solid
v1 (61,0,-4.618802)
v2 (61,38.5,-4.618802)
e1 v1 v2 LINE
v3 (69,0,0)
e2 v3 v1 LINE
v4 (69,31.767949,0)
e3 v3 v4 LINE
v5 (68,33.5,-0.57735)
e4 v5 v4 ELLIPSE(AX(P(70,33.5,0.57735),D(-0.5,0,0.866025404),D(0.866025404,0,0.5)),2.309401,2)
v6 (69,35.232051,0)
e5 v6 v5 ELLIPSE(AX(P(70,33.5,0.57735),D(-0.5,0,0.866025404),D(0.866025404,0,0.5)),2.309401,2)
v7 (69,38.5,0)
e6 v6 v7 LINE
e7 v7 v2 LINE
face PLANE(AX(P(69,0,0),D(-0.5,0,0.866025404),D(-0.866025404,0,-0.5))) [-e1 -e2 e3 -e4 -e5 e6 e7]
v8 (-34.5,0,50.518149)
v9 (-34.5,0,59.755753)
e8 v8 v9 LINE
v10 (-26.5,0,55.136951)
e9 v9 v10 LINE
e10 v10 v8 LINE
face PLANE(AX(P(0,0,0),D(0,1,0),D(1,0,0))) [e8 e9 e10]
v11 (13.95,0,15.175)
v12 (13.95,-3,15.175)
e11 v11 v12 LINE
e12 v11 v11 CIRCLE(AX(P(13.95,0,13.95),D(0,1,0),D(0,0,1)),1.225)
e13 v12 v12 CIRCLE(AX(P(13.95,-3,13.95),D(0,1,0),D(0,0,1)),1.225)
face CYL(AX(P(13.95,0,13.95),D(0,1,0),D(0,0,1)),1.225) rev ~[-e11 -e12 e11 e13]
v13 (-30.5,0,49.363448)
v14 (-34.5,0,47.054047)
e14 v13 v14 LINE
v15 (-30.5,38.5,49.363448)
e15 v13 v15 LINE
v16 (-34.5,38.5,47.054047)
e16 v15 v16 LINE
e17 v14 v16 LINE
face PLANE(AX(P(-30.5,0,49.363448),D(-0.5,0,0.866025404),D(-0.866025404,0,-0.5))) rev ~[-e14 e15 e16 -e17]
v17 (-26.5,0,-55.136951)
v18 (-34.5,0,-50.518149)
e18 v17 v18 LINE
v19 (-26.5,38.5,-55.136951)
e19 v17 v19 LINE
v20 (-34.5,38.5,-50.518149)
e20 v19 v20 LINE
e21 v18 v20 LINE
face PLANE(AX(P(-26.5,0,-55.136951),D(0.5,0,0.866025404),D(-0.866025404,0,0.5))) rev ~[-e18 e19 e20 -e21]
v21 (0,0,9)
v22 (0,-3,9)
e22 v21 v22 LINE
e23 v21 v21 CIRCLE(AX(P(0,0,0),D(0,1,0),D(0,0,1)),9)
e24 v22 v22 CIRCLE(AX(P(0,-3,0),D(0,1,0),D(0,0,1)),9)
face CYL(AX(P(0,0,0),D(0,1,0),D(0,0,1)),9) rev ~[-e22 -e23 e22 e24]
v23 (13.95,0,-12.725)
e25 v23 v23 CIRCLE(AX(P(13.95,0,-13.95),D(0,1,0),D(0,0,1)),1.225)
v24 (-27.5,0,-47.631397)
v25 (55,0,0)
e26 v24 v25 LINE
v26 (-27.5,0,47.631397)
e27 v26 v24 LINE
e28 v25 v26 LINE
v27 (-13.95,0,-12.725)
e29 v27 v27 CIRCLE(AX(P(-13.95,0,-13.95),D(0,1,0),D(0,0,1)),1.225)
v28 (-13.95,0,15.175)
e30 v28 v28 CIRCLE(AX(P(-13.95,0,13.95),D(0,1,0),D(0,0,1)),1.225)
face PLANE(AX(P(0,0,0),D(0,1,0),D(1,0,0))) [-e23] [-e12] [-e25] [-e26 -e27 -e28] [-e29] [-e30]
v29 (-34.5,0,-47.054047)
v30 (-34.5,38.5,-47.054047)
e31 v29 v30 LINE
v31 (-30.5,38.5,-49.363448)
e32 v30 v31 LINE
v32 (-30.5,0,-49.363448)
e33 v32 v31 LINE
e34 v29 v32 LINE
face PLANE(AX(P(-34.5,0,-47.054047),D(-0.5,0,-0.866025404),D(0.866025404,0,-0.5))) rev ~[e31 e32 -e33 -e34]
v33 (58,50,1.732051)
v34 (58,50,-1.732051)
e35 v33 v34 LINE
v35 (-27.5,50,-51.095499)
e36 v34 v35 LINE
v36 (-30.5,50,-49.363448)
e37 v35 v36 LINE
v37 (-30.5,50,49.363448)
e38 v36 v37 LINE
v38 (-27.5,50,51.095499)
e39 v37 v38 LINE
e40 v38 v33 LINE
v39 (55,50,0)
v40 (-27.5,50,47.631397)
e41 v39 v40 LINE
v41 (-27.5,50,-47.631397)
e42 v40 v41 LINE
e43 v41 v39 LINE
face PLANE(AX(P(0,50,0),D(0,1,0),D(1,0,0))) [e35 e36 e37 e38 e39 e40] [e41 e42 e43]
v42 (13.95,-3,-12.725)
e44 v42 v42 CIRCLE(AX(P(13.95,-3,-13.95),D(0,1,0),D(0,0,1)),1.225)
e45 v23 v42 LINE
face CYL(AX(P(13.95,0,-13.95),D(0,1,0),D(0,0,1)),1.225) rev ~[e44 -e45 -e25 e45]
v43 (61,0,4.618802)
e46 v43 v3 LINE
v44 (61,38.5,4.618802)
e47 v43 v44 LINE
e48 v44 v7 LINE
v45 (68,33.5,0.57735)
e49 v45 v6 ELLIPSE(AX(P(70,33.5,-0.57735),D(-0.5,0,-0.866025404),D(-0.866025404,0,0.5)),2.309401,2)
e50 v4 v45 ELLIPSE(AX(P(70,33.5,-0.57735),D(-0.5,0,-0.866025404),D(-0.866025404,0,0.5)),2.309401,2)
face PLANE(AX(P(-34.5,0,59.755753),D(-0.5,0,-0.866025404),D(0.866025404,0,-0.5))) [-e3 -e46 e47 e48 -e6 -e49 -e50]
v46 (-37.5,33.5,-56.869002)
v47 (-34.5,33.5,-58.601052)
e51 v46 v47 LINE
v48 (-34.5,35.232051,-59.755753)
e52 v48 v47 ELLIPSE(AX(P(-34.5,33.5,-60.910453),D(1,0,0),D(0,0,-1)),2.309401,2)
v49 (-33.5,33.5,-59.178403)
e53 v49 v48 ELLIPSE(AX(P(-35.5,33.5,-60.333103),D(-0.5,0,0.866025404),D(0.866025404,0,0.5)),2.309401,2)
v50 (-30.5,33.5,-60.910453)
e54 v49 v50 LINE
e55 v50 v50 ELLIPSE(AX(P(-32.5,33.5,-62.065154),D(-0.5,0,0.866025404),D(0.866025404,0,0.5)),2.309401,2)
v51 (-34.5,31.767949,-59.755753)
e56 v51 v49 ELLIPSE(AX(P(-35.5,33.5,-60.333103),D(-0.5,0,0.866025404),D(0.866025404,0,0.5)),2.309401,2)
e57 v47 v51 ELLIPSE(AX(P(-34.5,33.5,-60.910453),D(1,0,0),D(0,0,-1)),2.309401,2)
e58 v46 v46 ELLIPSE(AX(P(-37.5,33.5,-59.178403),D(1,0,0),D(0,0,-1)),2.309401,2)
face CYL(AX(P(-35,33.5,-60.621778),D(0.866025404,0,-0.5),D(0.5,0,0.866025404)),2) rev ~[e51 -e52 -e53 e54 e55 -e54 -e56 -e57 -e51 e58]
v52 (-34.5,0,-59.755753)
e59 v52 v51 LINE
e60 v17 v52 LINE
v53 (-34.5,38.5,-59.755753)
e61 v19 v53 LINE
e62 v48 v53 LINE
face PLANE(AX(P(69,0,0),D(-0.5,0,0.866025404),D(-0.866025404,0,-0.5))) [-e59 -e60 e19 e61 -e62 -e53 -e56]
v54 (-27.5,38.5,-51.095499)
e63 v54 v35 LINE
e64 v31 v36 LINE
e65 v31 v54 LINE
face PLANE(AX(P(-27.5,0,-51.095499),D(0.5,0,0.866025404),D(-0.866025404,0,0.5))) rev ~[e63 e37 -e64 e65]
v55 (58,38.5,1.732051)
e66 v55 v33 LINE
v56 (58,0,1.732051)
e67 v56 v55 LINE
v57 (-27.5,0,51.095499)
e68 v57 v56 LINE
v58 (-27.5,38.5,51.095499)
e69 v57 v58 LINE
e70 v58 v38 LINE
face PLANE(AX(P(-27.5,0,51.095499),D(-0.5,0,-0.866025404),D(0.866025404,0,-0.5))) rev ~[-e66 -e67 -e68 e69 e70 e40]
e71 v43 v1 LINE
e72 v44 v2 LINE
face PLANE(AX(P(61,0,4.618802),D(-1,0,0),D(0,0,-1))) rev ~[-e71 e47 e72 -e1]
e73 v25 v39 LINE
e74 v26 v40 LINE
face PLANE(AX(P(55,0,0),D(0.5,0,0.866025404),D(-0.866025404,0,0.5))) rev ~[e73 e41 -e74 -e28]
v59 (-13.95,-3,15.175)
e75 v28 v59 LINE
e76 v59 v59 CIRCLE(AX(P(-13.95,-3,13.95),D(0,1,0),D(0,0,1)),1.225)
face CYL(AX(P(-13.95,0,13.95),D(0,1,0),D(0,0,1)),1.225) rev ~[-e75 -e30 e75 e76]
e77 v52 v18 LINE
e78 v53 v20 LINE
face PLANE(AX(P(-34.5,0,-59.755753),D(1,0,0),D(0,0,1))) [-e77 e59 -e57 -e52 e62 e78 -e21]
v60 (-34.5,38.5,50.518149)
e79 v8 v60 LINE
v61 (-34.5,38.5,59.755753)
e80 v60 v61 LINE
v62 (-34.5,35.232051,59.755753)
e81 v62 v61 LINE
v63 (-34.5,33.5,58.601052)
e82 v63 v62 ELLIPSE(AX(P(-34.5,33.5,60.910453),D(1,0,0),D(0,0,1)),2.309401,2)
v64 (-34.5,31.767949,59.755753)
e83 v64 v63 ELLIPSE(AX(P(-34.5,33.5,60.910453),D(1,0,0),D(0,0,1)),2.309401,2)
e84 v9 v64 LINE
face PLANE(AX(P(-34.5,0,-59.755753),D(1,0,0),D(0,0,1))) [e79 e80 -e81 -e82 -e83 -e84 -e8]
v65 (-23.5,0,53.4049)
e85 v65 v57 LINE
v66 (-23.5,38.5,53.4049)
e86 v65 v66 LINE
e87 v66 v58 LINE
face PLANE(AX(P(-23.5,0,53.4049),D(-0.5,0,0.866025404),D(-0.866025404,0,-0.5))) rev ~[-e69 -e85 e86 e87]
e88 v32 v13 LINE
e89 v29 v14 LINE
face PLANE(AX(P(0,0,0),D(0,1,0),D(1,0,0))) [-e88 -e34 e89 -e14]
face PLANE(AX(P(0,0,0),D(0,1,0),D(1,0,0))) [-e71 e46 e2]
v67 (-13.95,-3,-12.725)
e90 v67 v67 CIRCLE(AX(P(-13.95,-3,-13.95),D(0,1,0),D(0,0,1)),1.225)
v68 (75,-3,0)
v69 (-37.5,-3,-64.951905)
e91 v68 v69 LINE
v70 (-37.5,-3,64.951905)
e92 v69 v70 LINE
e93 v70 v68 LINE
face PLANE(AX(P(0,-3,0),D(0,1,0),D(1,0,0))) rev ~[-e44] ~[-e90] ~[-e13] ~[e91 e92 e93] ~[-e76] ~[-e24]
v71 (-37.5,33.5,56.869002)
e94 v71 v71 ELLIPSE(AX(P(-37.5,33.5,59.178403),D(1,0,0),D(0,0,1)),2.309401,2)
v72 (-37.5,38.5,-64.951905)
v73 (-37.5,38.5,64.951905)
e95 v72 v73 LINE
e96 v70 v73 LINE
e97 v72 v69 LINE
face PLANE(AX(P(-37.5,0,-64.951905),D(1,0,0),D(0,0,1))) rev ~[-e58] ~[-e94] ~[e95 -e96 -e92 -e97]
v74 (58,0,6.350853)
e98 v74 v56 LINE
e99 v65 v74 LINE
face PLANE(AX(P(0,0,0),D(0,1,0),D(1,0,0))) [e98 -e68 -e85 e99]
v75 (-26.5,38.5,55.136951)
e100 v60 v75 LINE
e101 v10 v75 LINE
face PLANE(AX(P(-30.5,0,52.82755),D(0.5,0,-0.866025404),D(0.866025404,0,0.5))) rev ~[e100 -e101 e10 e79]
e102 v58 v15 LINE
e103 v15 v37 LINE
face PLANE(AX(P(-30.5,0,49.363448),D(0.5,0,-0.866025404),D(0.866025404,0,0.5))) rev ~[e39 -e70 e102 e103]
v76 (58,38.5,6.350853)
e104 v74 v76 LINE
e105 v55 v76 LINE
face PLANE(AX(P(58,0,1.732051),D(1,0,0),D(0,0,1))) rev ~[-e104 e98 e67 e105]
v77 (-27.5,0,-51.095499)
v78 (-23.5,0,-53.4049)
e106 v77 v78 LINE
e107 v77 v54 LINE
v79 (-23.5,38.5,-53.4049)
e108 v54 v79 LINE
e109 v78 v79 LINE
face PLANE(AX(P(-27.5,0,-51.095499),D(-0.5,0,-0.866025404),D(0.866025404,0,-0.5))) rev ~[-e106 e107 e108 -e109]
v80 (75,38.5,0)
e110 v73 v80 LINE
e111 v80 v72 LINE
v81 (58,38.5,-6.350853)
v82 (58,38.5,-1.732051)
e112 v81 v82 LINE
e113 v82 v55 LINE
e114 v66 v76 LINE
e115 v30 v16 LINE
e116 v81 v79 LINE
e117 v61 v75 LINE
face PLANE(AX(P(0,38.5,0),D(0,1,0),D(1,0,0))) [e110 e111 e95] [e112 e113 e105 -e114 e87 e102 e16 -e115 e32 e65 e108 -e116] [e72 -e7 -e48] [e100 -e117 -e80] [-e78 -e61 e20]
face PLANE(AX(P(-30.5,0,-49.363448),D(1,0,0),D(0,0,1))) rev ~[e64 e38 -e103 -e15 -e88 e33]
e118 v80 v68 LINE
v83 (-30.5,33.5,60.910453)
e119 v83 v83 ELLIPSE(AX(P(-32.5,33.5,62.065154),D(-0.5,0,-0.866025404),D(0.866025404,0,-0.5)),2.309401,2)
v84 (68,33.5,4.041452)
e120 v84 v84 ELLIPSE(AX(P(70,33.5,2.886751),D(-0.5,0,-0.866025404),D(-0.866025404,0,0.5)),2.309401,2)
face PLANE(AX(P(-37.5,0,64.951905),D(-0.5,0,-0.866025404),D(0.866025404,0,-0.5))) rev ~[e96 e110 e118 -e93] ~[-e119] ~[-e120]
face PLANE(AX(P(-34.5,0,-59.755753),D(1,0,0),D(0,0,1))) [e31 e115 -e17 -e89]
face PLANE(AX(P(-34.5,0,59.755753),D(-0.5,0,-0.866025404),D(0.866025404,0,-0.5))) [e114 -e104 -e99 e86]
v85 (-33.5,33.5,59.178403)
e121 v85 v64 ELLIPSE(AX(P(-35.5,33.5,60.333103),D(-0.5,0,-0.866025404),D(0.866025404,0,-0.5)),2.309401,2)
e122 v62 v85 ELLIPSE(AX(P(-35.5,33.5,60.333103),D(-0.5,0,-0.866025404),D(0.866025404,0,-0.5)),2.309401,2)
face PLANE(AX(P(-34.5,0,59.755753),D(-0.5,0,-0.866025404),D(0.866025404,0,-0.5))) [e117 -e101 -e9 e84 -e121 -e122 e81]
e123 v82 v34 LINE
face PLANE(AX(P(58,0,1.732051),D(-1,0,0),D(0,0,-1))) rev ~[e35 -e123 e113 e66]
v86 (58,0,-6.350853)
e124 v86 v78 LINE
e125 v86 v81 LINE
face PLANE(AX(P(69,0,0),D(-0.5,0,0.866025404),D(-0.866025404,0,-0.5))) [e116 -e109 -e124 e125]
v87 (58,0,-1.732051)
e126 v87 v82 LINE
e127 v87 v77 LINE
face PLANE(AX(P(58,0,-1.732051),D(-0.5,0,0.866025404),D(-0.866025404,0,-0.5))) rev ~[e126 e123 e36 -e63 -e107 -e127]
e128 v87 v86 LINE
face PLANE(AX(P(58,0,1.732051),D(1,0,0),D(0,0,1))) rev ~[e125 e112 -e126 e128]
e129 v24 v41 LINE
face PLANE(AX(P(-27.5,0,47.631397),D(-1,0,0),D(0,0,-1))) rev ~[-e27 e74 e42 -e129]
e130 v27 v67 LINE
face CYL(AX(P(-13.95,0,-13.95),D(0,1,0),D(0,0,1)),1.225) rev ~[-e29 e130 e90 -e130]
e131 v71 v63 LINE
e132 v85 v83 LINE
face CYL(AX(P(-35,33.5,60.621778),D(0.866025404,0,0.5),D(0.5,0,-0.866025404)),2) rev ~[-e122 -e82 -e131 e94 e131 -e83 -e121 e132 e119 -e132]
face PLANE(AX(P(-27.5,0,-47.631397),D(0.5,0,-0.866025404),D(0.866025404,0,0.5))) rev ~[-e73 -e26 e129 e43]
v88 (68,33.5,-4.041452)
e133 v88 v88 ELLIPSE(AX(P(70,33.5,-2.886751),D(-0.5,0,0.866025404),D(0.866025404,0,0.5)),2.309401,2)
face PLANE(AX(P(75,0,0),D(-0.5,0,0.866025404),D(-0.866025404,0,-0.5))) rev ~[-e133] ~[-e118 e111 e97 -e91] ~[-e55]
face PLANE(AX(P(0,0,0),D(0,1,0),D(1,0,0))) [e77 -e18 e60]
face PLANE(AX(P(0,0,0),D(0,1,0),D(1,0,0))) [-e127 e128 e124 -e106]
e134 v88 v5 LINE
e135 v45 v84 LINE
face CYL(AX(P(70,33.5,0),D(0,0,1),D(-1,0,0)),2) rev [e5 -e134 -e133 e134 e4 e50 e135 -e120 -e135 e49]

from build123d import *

# Parameters (mm, degrees)
SKETCH1_R               = 1.225
SKETCH1_R_2             = 9
BOSS_EXTRUDE1_DEPTH     = 3
BOSS_EXTRUDE2_DEPTH     = 38.5
BOSS_EXTRUDE4_DEPTH     = 50
SKETCH2_R               = 2
CUT_EXTRUDE1_DEPTH      = 5
MIRROR2_COPY_1_SKETCH_R = 2
MIRROR2_COPY_1_DEPTH    = 5
MIRROR2_COPY_2_SKETCH_R = 2
MIRROR2_COPY_2_DEPTH    = 5


with BuildPart() as part:
    # Sketch1 → Boss-Extrude1 (new body)
    with BuildSketch(Plane(origin=(0, 0, 0), x_dir=(1, 0, 0), z_dir=(0, 1, 0))):
        Polygon((-37.5, -64.951905284), (75, 0), (-37.5, 64.951905284), align=None)
        with Locations((-13.95, 13.95)):
            Circle(SKETCH1_R, mode=Mode.SUBTRACT)
        Circle(SKETCH1_R_2, mode=Mode.SUBTRACT)
        with Locations((13.95, 13.95)):
            Circle(SKETCH1_R, mode=Mode.SUBTRACT)
        with Locations((-13.95, -13.95)):
            Circle(SKETCH1_R, mode=Mode.SUBTRACT)
        with Locations((13.95, -13.95)):
            Circle(SKETCH1_R, mode=Mode.SUBTRACT)
    extrude(amount=-BOSS_EXTRUDE1_DEPTH)

    # Sketch1<3> → Boss-Extrude2 (add)
    with BuildSketch(Plane(origin=(0, 0, 0), x_dir=(1, 0, 0), z_dir=(0, 1, 0))):
        Polygon((-37.5, -64.951905284), (75, 0), (-37.5, 64.951905284), align=None)
        Polygon((-34.5, 50.518148554), (-34.5, 59.755752861), (-26.5, 55.136950708), align=None, mode=Mode.SUBTRACT)
        Polygon((-34.5, 47.054046939), (-23.5, 53.4048999), (58, 6.350852961), (58, -6.350852961), (-23.5, -53.4048999), (-34.5, -47.054046939), align=None, mode=Mode.SUBTRACT)
        Polygon((-34.5, -59.755752861), (-34.5, -50.518148554), (-26.5, -55.136950708), align=None, mode=Mode.SUBTRACT)
        Polygon((69, 0), (61, -4.618802154), (61, 4.618802154), align=None, mode=Mode.SUBTRACT)
    extrude(amount=BOSS_EXTRUDE2_DEPTH)

    # Sketch1<5> → Boss-Extrude4 (add)
    with BuildSketch(Plane(origin=(0, 0, 0), x_dir=(1, 0, 0), z_dir=(0, 1, 0))):
        Polygon((58, 1.732050808), (-27.5, 51.095498823), (-30.5, 49.363448016), (-30.5, -49.363448016), (-27.5, -51.095498823), (58, -1.732050808), align=None)
        Polygon((-27.5, 47.631397208), (55, 0), (-27.5, -47.631397208), align=None, mode=Mode.SUBTRACT)
    extrude(amount=BOSS_EXTRUDE4_DEPTH)

    # Sketch2 → Cut-Extrude1 (cut, symmetric)
    with BuildSketch(Plane(origin=(-5.024047358, 0, 8.701905284), x_dir=(0.4999999999999999, 0, -0.8660254037844386), z_dir=(0.8660254037844387, 0, 0.49999999999999994))):
        with Locations((-59.951905284, 33.5)):
            Circle(SKETCH2_R)
    cut_extrude1 = extrude(amount=CUT_EXTRUDE1_DEPTH, both=True, mode=Mode.SUBTRACT)

    # Mirror1: Cut-Extrude1 across plane
    add(cut_extrude1.mirror(Plane(origin=(0, 0, 0), x_dir=(0.5000000000000001, 0, 0.8660254037844387), z_dir=(-0.8660254037844388, 0, 0.49999999999999994))), mode=Mode.SUBTRACT)

    # Mirror2 copy 1 sketch → Mirror2 copy 1 (cut, symmetric)
    with BuildSketch(Plane(origin=(10.048094716, 0, 0), x_dir=(-1, 0, 0), z_dir=(0, 0, -1))):
        with Locations((-59.951905284, 33.5)):
            Circle(MIRROR2_COPY_1_SKETCH_R)
    extrude(amount=MIRROR2_COPY_1_DEPTH, both=True, mode=Mode.SUBTRACT)

    # Mirror2 copy 2 sketch → Mirror2 copy 2 (cut, symmetric)
    with BuildSketch(Plane(origin=(-5.024047358, 0, -8.701905284), x_dir=(0.4999999999999999, 0, 0.8660254037844386), z_dir=(0.8660254037844387, 0, -0.49999999999999994))):
        with Locations((-59.951905284, -33.5)):
            Circle(MIRROR2_COPY_2_SKETCH_R)
    extrude(amount=MIRROR2_COPY_2_DEPTH, both=True, mode=Mode.SUBTRACT)


solid = part.part
